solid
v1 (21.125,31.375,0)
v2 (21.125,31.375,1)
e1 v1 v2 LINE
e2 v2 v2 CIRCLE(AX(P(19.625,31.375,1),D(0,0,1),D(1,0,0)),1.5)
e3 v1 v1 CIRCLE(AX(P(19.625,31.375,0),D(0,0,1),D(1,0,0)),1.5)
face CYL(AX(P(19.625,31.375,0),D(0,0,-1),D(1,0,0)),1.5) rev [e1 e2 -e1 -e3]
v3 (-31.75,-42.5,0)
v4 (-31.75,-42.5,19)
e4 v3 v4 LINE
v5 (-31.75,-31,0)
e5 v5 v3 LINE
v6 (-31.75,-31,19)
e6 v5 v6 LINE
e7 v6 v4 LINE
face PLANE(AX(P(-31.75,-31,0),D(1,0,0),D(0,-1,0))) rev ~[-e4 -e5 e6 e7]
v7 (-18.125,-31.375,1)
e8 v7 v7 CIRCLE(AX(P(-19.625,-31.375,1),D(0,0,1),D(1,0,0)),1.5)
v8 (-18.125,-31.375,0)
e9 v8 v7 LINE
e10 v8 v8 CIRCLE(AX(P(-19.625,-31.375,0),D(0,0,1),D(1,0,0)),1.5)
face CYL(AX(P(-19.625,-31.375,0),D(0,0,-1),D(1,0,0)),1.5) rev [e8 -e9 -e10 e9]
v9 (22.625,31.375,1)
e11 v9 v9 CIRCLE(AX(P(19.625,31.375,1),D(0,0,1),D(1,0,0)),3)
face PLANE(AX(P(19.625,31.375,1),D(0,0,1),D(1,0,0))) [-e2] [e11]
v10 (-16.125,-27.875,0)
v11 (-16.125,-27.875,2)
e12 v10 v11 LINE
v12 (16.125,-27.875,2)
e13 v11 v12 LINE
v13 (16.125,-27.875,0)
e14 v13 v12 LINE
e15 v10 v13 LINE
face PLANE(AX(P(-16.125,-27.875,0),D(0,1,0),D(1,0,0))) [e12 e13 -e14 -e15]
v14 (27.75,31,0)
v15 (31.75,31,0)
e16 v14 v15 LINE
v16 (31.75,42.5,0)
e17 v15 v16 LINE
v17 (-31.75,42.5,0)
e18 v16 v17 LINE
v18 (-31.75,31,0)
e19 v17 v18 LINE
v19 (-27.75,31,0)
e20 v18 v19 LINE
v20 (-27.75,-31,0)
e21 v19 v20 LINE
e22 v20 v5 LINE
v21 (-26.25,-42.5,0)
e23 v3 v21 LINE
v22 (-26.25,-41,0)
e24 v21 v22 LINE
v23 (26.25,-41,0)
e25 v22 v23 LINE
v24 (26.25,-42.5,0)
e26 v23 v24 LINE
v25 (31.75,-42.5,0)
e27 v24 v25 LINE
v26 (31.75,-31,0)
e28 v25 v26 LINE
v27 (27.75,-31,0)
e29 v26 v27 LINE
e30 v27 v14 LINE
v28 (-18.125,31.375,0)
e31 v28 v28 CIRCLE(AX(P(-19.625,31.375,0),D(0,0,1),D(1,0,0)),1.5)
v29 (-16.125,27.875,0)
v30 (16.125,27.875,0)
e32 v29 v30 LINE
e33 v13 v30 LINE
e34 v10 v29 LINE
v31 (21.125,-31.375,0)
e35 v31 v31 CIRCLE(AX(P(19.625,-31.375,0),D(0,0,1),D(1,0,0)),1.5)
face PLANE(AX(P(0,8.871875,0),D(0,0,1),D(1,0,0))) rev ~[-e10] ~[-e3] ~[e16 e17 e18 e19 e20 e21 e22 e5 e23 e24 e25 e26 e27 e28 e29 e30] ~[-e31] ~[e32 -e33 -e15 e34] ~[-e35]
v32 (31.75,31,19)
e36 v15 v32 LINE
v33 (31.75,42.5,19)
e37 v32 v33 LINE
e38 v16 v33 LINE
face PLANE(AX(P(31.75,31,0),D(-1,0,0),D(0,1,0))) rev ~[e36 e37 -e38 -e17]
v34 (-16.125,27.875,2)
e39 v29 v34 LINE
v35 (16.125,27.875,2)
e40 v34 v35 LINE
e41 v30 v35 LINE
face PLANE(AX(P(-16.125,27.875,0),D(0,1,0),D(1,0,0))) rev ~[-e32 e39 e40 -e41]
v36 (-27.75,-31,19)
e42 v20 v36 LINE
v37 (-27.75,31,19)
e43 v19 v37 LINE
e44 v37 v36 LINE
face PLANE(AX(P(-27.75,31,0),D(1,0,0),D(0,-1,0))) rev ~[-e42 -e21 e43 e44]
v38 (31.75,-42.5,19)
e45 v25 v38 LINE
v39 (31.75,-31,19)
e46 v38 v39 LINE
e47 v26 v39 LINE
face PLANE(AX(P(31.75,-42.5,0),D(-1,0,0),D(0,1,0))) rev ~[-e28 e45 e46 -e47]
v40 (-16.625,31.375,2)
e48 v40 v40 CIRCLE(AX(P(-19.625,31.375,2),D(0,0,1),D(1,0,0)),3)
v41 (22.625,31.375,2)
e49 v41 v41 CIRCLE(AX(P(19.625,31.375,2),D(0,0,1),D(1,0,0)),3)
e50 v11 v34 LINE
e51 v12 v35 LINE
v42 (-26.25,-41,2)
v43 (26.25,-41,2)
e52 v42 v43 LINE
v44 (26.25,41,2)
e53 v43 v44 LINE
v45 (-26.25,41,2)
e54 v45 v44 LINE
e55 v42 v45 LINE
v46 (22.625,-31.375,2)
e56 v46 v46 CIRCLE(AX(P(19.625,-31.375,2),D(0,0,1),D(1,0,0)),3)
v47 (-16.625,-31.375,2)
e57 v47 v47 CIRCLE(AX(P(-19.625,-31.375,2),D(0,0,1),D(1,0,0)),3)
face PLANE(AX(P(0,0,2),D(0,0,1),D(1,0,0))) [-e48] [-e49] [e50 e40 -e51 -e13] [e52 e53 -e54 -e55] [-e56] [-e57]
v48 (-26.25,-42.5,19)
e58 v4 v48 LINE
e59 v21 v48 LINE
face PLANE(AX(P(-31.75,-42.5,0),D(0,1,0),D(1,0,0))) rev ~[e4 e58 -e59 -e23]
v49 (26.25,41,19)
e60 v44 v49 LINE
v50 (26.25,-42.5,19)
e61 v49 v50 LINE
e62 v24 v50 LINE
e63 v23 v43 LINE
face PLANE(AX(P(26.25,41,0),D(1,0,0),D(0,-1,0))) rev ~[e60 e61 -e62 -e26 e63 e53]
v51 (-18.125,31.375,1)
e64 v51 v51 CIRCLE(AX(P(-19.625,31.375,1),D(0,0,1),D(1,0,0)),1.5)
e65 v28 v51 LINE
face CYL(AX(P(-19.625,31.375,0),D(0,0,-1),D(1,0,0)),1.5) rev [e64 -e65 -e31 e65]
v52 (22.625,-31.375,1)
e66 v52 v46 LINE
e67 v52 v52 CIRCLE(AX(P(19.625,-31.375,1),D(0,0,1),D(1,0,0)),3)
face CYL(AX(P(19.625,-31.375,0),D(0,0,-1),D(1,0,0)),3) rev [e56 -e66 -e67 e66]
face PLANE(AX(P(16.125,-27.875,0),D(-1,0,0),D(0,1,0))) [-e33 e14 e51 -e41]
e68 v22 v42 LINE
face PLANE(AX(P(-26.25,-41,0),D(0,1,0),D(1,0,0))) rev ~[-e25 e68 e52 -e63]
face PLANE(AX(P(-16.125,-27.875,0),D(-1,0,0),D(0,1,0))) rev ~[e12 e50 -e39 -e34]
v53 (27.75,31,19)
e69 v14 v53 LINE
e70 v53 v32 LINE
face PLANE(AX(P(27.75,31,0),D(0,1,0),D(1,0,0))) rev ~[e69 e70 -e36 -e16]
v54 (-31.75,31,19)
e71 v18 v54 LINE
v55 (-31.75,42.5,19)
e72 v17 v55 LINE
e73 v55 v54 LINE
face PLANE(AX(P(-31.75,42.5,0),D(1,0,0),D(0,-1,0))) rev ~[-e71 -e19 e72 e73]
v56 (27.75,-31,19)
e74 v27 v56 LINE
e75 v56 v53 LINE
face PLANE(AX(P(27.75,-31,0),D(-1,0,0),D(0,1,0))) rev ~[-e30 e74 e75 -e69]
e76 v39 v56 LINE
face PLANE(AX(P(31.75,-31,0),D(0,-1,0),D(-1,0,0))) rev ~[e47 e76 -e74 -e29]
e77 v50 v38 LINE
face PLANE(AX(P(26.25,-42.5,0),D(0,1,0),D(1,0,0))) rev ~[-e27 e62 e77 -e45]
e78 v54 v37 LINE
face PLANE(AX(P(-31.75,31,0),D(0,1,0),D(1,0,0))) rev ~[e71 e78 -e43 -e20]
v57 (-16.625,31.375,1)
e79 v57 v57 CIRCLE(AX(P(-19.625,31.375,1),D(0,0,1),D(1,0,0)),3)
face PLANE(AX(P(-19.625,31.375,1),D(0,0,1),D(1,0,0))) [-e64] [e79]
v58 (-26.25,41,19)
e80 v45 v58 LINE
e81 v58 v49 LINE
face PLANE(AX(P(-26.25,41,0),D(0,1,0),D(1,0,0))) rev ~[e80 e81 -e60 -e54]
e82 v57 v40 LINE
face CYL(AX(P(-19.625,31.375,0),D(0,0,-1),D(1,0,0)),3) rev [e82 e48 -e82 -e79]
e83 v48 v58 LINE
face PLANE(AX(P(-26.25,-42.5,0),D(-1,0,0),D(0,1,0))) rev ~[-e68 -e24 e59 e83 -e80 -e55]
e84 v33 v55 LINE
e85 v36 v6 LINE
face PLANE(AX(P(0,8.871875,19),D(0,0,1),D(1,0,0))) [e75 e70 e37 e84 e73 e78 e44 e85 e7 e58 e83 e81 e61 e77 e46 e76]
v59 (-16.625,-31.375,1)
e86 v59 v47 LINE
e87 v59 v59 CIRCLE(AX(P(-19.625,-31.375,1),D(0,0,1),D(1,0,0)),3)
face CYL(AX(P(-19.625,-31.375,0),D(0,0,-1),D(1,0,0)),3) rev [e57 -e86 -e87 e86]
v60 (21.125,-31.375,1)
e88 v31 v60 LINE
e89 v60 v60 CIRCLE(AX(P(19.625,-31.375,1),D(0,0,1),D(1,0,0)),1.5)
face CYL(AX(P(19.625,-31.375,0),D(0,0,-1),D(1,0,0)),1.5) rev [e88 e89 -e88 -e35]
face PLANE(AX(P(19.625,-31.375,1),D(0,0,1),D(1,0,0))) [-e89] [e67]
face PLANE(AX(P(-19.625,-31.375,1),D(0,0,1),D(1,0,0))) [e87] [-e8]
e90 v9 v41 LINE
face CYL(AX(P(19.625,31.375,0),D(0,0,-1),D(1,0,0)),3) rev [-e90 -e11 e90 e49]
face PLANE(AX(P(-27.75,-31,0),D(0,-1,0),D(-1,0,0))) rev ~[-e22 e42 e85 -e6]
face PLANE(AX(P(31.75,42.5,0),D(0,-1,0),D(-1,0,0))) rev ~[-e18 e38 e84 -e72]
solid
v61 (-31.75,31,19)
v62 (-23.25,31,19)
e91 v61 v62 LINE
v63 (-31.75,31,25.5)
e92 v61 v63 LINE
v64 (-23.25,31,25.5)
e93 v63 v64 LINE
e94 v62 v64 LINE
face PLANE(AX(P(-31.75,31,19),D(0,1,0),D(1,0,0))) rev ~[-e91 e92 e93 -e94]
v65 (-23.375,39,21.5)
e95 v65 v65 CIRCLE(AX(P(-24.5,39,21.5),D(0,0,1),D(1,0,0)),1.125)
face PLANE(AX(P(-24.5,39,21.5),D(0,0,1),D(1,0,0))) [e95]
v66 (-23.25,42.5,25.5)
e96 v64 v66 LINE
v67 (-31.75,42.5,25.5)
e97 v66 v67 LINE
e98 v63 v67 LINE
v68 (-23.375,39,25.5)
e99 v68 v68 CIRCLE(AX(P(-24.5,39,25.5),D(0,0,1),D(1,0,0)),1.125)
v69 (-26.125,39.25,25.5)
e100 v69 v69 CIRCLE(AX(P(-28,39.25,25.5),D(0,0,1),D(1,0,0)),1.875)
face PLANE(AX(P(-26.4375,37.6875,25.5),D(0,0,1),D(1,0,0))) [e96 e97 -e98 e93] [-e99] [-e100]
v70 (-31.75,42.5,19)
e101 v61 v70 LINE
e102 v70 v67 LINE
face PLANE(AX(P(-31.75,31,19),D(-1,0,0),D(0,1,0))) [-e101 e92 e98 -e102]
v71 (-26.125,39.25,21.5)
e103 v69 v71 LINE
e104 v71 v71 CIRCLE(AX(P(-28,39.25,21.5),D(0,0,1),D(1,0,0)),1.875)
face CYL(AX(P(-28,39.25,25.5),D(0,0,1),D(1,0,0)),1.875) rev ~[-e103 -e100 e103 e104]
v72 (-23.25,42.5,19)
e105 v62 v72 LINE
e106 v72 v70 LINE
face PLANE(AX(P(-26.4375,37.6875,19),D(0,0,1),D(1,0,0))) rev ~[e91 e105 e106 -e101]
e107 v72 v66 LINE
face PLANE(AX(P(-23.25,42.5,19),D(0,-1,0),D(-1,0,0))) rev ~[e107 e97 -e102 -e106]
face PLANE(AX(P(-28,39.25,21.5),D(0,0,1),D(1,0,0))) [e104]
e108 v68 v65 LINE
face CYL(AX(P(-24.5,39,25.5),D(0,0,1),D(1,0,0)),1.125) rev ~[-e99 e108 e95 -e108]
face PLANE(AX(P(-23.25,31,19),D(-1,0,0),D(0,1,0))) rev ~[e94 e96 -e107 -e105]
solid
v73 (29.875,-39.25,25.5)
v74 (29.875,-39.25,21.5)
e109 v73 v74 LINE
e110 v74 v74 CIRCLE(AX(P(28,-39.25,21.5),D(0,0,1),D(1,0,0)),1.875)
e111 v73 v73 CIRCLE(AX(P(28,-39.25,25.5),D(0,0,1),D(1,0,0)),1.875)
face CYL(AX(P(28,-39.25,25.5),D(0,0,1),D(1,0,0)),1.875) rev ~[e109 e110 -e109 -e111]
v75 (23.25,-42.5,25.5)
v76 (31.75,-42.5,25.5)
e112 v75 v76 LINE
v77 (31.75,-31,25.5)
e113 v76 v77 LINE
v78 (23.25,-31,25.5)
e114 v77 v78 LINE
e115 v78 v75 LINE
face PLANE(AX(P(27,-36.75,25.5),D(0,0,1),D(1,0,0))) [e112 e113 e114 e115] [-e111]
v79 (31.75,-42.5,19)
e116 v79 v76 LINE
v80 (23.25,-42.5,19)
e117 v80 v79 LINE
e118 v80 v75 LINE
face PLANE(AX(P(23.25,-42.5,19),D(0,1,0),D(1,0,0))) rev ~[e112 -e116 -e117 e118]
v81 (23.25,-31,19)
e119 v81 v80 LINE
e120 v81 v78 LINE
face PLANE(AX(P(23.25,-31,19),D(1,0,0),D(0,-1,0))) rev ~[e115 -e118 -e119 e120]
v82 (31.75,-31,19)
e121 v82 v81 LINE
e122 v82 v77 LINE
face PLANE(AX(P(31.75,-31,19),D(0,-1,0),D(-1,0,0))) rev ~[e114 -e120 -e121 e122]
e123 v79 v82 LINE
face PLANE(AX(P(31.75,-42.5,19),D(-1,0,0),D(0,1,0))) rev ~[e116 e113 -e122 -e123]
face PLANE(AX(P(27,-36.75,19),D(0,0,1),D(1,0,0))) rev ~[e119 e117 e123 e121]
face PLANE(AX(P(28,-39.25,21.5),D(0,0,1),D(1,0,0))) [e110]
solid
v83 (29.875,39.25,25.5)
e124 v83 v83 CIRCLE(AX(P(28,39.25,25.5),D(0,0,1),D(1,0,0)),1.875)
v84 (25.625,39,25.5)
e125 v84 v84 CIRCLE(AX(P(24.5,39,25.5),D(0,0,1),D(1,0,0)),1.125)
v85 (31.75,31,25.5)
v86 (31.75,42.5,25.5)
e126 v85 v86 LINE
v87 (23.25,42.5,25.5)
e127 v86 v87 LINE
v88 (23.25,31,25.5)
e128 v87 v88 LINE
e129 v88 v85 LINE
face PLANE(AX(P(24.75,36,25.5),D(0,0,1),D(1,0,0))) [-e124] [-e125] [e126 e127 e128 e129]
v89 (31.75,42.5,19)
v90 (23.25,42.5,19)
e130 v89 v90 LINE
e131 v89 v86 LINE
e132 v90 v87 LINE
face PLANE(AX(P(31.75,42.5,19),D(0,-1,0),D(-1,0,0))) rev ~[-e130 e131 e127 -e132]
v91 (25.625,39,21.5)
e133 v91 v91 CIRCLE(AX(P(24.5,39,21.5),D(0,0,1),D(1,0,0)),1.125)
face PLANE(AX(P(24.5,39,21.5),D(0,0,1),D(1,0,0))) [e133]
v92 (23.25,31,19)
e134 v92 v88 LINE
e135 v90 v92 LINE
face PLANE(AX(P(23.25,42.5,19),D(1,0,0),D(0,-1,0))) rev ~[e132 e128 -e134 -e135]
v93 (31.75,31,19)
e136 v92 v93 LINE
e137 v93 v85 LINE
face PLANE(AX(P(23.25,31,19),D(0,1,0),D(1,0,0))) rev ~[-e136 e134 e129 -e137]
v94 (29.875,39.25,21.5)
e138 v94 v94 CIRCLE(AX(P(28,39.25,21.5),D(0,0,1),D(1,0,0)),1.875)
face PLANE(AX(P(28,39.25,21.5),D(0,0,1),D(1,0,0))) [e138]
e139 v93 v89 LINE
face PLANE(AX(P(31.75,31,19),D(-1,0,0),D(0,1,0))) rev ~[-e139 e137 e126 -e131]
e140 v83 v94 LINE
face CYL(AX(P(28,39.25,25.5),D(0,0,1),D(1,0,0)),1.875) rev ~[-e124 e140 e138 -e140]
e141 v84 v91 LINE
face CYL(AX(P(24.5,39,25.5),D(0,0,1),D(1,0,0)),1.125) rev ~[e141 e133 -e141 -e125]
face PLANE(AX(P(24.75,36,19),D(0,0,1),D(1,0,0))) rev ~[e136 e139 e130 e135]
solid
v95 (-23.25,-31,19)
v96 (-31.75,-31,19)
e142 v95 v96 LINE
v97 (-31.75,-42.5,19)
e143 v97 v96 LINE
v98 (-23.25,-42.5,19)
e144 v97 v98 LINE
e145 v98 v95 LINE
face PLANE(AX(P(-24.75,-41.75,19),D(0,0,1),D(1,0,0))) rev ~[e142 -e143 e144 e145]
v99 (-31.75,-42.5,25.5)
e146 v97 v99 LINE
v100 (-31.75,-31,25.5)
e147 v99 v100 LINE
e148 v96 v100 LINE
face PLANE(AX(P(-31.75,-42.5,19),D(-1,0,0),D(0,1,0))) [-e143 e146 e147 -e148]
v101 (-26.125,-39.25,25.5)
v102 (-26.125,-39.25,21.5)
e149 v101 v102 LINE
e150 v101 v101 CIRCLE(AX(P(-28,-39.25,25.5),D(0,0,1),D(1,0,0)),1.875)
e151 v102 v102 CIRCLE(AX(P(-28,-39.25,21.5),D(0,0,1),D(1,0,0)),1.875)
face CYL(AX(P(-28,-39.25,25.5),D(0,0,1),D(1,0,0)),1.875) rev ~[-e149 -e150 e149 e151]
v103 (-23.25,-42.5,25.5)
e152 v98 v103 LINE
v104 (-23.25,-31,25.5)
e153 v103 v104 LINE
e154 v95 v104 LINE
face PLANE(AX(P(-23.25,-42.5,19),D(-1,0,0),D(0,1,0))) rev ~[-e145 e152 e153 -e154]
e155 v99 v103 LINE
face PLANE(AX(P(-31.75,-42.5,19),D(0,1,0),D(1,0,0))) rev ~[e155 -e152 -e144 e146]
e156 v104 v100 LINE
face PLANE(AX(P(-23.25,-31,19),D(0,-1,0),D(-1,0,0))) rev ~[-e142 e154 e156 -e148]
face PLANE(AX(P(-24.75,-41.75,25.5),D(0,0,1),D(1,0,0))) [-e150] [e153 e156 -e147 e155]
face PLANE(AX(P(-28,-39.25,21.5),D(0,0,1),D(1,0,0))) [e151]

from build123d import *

# Parameters (mm, degrees)
SKETCH1_W           = 52.5
SKETCH1_H           = 82
SKETCH1_R           = 3
SKETCH1_W_2         = 32.25
SKETCH1_H_2         = 55.75
BOSS_EXTRUDE1_DEPTH = 2
SKETCH1_6_R         = 3
SKETCH1_6_R_2       = 1.5
BOSS_EXTRUDE4_DEPTH = 1
BOSS_EXTRUDE2_DEPTH = 19
BOSS_EXTRUDE3_START = 19
SKETCH1_5_W         = 3
SKETCH1_5_H         = 10
SKETCH1_5_H_2       = 1.5
SKETCH1_5_W_2       = 4
SKETCH1_5_H_3       = 11.5
BOSS_EXTRUDE3_DEPTH = 6.5
SKETCH7_R           = 1.125
SKETCH7_R_2         = 1.875
CUT_EXTRUDE6_DEPTH  = 4


with BuildPart() as part:
    # Sketch1 → Boss-Extrude1 (new body)
    with BuildSketch(Plane.XY):
        Rectangle(SKETCH1_W, SKETCH1_H)
        with Locations((19.625, 31.375)):
            Circle(SKETCH1_R, mode=Mode.SUBTRACT)
        with Locations((-19.625, 31.375)):
            Circle(SKETCH1_R, mode=Mode.SUBTRACT)
        with Locations((19.625, -31.375)):
            Circle(SKETCH1_R, mode=Mode.SUBTRACT)
        with Locations((-19.625, -31.375)):
            Circle(SKETCH1_R, mode=Mode.SUBTRACT)
        Rectangle(SKETCH1_W_2, SKETCH1_H_2, mode=Mode.SUBTRACT)
    extrude(amount=BOSS_EXTRUDE1_DEPTH)

    # Sketch1<6> → Boss-Extrude4 (add)
    # profile 1 of 4: a face of its own
    with BuildSketch(Plane.XY):
        with Locations((-19.625, 31.375)):
            Circle(SKETCH1_6_R)
        with Locations((-19.625, 31.375)):
            Circle(SKETCH1_6_R_2, mode=Mode.SUBTRACT)
    # profile 2 of 4: a face of its own
    with BuildSketch(Plane.XY):
        with Locations((19.625, 31.375)):
            Circle(SKETCH1_6_R)
        with Locations((19.625, 31.375)):
            Circle(SKETCH1_6_R_2, mode=Mode.SUBTRACT)
    # profile 3 of 4: a face of its own
    with BuildSketch(Plane.XY):
        with Locations((-19.625, -31.375)):
            Circle(SKETCH1_6_R)
        with Locations((-19.625, -31.375)):
            Circle(SKETCH1_6_R_2, mode=Mode.SUBTRACT)
    # profile 4 of 4: a face of its own
    with BuildSketch(Plane.XY):
        with Locations((19.625, -31.375)):
            Circle(SKETCH1_6_R)
        with Locations((19.625, -31.375)):
            Circle(SKETCH1_6_R_2, mode=Mode.SUBTRACT)
    extrude(amount=BOSS_EXTRUDE4_DEPTH)

    # Sketch1<4> → Boss-Extrude2 (add)
    with BuildSketch(Plane.XY):
        Polygon((-31.75, 42.5), (-31.75, 31), (-27.75, 31), (-27.75, -31), (-31.75, -31), (-31.75, -42.5), (-26.25, -42.5), (-26.25, 41), (26.25, 41), (26.25, -42.5), (31.75, -42.5), (31.75, -31), (27.75, -31), (27.75, 31), (31.75, 31), (31.75, 42.5), align=None)
    extrude(amount=BOSS_EXTRUDE2_DEPTH)


with BuildPart() as body_2:
    # Sketch1<5> → Boss-Extrude3 (new body)
    with BuildSketch(Plane.XY.offset(BOSS_EXTRUDE3_START)):
        Polygon((-23.25, 42.5), (-27.75, 42.5), (-27.75, 31), (-26.25, 31), (-26.25, 41), (-23.25, 41), align=None)
        with Locations((-24.75, 36)):
            Rectangle(SKETCH1_5_W, SKETCH1_5_H)
        with Locations((24.75, 36)):
            Rectangle(SKETCH1_5_W, SKETCH1_5_H)
        Polygon((27.75, 42.5), (23.25, 42.5), (23.25, 41), (26.25, 41), (26.25, 31), (27.75, 31), align=None)
        Polygon((27.75, -42.5), (27.75, -31), (26.25, -31), (26.25, -41), (26.25, -42.5), align=None)
        with Locations((24.75, -36)):
            Rectangle(SKETCH1_5_W, SKETCH1_5_H)
        with Locations((24.75, -41.75)):
            Rectangle(SKETCH1_5_W, SKETCH1_5_H_2)
        with Locations((-24.75, -41.75)):
            Rectangle(SKETCH1_5_W, SKETCH1_5_H_2)
        with Locations((-24.75, -36)):
            Rectangle(SKETCH1_5_W, SKETCH1_5_H)
        Polygon((-26.25, -31), (-27.75, -31), (-27.75, -42.5), (-26.25, -42.5), (-26.25, -41), align=None)
        with Locations((-29.75, 36.75)):
            Rectangle(SKETCH1_5_W_2, SKETCH1_5_H_3)
        with Locations((29.75, 36.75)):
            Rectangle(SKETCH1_5_W_2, SKETCH1_5_H_3)
        with Locations((29.75, -36.75)):
            Rectangle(SKETCH1_5_W_2, SKETCH1_5_H_3)
        with Locations((-29.75, -36.75)):
            Rectangle(SKETCH1_5_W_2, SKETCH1_5_H_3)
    extrude(amount=BOSS_EXTRUDE3_DEPTH)

    # Sketch7 → Cut-Extrude6 (cut)
    with BuildSketch(Plane.XY.offset(25.5)):
        with Locations((-24.5, 39)):
            Circle(SKETCH7_R)
        with Locations((-28, 39.25)):
            Circle(SKETCH7_R_2)
        with Locations((28, 39.25)):
            Circle(SKETCH7_R_2)
        with Locations((-28, -39.25)):
            Circle(SKETCH7_R_2)
        with Locations((28, -39.25)):
            Circle(SKETCH7_R_2)
        with Locations((24.5, 39)):
            Circle(SKETCH7_R)
    extrude(amount=-CUT_EXTRUDE6_DEPTH, mode=Mode.SUBTRACT)


solid = Compound([part.part, body_2.part])
